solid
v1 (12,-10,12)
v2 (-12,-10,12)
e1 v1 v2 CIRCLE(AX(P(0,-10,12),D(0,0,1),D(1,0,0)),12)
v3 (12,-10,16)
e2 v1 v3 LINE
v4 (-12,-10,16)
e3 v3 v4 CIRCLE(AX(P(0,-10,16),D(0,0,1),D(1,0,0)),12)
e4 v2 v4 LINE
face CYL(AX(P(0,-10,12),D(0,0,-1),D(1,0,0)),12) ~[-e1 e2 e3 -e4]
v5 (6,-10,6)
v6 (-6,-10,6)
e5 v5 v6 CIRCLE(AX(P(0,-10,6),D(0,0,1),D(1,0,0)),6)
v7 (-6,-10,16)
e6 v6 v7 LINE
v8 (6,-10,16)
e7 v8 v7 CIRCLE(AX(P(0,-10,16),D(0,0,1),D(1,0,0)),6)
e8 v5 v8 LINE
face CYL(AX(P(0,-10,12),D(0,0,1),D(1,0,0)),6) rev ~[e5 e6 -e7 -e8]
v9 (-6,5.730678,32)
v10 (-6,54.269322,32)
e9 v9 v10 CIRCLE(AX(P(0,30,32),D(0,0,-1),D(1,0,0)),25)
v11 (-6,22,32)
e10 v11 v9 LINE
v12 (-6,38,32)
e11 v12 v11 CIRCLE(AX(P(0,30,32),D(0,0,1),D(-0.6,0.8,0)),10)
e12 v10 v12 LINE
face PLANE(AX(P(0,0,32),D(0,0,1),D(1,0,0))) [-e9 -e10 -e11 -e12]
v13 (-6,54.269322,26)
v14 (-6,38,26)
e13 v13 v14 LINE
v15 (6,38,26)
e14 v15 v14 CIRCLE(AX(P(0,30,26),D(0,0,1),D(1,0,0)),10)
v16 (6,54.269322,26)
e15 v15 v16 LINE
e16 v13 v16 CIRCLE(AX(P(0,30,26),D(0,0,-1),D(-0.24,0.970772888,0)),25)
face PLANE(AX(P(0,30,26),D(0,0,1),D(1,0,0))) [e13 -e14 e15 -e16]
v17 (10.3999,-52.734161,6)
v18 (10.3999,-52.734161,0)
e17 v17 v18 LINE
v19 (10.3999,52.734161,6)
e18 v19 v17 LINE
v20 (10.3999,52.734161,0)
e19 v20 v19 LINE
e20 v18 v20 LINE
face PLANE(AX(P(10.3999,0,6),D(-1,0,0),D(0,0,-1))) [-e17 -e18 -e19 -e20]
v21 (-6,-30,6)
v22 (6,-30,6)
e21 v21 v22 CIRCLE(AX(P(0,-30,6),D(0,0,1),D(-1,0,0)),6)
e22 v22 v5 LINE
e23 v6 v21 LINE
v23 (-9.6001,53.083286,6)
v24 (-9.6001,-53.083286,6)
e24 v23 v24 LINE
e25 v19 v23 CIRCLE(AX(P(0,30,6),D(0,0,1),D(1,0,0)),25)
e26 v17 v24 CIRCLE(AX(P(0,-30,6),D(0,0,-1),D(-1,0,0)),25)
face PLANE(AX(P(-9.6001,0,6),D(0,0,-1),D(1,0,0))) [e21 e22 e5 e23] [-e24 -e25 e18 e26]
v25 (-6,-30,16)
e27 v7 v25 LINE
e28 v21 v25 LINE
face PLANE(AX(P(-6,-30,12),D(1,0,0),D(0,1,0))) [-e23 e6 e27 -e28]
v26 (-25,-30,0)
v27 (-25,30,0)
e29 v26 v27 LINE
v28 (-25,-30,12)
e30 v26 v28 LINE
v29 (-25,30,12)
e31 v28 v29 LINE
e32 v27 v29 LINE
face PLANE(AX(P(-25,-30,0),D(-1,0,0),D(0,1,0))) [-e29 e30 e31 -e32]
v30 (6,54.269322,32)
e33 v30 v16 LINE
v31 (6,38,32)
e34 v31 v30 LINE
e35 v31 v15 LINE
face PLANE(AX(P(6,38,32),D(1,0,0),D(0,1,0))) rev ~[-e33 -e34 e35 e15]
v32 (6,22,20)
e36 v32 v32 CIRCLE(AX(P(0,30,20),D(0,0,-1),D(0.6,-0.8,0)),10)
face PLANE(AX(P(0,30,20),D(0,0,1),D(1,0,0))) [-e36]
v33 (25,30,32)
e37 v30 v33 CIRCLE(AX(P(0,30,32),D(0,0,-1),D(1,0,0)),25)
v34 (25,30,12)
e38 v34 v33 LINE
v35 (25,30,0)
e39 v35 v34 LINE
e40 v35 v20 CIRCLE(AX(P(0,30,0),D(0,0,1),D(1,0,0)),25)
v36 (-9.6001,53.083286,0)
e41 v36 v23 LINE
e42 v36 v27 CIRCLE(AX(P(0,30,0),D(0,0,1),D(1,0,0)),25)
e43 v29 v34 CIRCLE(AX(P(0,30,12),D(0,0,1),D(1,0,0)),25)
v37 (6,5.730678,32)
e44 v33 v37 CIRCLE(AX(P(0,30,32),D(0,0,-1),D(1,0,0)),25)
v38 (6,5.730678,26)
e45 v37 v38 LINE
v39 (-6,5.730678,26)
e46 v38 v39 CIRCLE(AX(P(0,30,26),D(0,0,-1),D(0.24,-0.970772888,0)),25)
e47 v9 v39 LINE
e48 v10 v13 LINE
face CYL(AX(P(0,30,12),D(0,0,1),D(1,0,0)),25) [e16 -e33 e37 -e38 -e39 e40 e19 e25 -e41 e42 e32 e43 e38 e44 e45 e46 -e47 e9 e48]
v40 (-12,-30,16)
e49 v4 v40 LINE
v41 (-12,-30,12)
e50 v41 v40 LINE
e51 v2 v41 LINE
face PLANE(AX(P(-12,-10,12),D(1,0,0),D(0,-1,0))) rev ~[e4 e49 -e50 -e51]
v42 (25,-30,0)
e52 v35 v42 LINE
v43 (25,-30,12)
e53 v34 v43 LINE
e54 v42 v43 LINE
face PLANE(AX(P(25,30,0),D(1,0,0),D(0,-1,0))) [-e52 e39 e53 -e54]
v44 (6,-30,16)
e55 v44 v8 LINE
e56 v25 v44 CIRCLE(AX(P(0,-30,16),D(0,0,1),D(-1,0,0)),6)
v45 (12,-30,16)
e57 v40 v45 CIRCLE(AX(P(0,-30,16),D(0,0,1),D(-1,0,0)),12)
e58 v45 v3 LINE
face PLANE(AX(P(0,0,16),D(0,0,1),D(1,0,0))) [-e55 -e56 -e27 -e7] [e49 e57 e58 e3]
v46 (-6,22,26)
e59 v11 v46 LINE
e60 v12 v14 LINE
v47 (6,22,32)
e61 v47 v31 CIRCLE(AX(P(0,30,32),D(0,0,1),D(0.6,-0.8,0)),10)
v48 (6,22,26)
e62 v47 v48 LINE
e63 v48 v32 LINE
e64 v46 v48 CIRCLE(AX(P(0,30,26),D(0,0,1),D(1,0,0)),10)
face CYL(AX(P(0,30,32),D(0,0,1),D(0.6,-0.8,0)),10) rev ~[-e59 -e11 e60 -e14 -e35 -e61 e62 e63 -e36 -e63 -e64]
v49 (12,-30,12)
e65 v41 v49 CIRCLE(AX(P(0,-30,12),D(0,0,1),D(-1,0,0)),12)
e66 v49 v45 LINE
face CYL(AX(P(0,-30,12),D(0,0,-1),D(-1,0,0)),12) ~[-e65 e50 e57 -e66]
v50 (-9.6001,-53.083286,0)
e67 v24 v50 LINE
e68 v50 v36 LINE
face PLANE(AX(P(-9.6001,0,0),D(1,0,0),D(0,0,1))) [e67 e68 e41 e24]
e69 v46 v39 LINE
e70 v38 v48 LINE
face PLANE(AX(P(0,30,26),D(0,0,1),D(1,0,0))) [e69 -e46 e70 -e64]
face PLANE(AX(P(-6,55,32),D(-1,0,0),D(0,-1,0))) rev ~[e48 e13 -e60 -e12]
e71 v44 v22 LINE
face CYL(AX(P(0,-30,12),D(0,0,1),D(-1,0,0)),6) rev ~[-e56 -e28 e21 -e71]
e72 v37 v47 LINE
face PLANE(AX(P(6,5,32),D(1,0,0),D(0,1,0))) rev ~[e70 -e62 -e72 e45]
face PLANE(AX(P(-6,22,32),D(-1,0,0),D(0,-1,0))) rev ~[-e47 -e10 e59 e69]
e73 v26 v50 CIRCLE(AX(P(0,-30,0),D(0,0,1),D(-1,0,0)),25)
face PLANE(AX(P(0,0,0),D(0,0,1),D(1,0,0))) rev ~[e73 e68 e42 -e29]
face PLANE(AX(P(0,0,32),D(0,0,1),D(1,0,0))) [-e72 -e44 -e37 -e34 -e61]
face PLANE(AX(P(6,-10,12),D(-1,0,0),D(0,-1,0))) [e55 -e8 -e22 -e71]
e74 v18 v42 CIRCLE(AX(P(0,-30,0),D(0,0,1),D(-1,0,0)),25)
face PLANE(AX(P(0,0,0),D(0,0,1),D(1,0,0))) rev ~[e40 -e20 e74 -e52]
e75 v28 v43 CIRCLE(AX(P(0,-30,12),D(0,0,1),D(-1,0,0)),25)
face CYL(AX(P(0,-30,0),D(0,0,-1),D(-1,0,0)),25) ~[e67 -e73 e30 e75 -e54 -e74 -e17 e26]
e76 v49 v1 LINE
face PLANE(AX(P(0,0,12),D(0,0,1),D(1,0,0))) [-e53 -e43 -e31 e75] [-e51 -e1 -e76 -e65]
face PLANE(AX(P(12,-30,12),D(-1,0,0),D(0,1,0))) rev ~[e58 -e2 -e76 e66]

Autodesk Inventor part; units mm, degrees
ref_plane "YZ Plane" through (0, 0, 0) normal (1, 0, 0) x (0, 1, 0)
ref_plane "XZ Plane" through (0, 0, 0) normal (0, 1, 0) x (-1, 0, 0)
ref_plane "XY Plane" through (0, 0, 0) normal (0, 0, 1) x (1, 0, 0)
sketch "Sketch1" plane through (0, 0, 0) normal (0, 0, 1) x (1, 0, 0)
  line L0 (-25, 30) -> (25, 30)
  line L1 (25, 30) -> (25, -30)
  line L2 (25, -30) -> (-25, -30)
  line L3 (-25, -30) -> (-25, 30)
  line L4 (-25, 30) -> (25, -30) construction
  line L5 (25, 30) -> (-25, -30) construction
  arc A0 (-25, -30) -> (25, -30) centre (0, -30) ccw
  point P0 (0, 0)
  dimension "d0" = 50
  dimension "d1" = 60
  dimension "d2" = 25
extrude "Extrusion1" add sketch "Sketch1" along normal blind 12
sketch "Sketch2" plane through (0, 0, 12) normal (0, 0, 1) x (1, 0, 0)
  line L0 (25, 30) -> (-25, 30) projected
  circle A0 centre (0, 30) radius 25
  point P0 (0, 0)
  dimension "d5" = 50
extrude "Extrusion2" add sketch "Sketch2" along normal blind 20 and the other way blind 12
sketch "Sketch3" plane through (0, 30, 32) normal (0, 0, 1) x (1, 0, 0)
  line L0 (-6, -25) -> (6, -25)
  line L1 (6, 25) -> (-6, 25)
  line L2 (-6, -25) -> (6, 25) construction
  line L3 (6, -25) -> (-6, 25) construction
  line L4 (-6, 25) -> (-6, 8)
  line L5 (-6, -8) -> (-6, -25)
  line L6 (6, -25) -> (6, -8)
  line L7 (6, 8) -> (6, 25)
  arc A0 (-6, 8) -> (-6, -8) centre (0, 0) ccw
  arc A1 (6, -8) -> (6, 8) centre (0, 0) ccw
  point P0 (0, -30)
  dimension "d11" = 12
  dimension "d12" = 50
extrude "Extrusion3" cut sketch "Sketch3" against normal blind 6
sketch "Sketch4" plane through (0, 30, 26) normal (0, 0, 1) x (1, 0, 0)
  arc A0 (6, -8) -> (6, 8) centre (0, 0) ccw projected
  circle A1 centre (0, 0) radius 10
  point P0 (0, -30)
  point P1 (6, 8)
  point P2 (6, -8)
  dimension "d15" = 20
extrude "Extrusion4" cut sketch "Sketch4" against normal blind 6
sketch "Sketch5" plane through (0, 0, 12) normal (0, 0, 1) x (1, 0, 0)
  arc A0 (-25, -30) -> (25, -30) centre (0, -30) ccw projected
  line L0 (0, -30) -> (0, -10) construction
  line L1 (12, -30) -> (12, -10)
  line L2 (-12, -10) -> (-12, -30)
  arc A1 (-12, -30) -> (12, -30) centre (0, -30) ccw
  arc A2 (12, -10) -> (-12, -10) centre (0, -10) ccw
  line L3 (-6, -10) -> (-6, -30)
  arc A3 (-6, -30) -> (6, -30) centre (0, -30) ccw
  line L4 (6, -30) -> (6, -10)
  arc A4 (6, -10) -> (-6, -10) centre (0, -10) ccw
  point P0 (0, 0)
  point P1 (0, -20)
  dimension "d21" = 12
  dimension "d22" = 6
extrude "Extrusion5" add sketch "Sketch5" along normal blind 4
sketch "Sketch6" plane through (0, 0, 0) normal (0, 1, 0) x (-1, 0, 0)
  line L0 (-25, 0) -> (25, 0) projected
  line L1 (-10.3999, 0) -> (9.6001, 0)
  line L2 (9.6001, 0) -> (9.6001, 6)
  line L3 (9.6001, 6) -> (-10.3999, 6)
  line L4 (-10.3999, 6) -> (-10.3999, 0)
  point P0 (0, 0)
  point P1 (9.6001, 0)
  dimension "d25" = 20
  dimension "d26" = 6
extrude "Extrusion6" cut sketch "Sketch6" along normal blind 60 and the other way blind 60
sketch "Sketch7" plane through (0, 0, 12) normal (0, 0, 1) x (1, 0, 0)
  arc A0 (6, -10) -> (-6, -10) centre (0, -10) ccw projected
  line L0 (0, -4) -> (0, -36) construction
  arc A1 (-6, -30) -> (6, -30) centre (0, -30) ccw projected
  line L1 (6, -10) -> (6, -30)
  line L2 (-6, -30) -> (-6, -10)
  arc A2 (6, -10) -> (-6, -10) centre (0, -10) ccw
  arc A3 (-6, -30) -> (6, -30) centre (0, -30) ccw
  point P0 (0, 0)
  point P1 (0, -20)
extrude "Extrusion7" cut sketch "Sketch7" against normal through all
properties part number "cad@67"
